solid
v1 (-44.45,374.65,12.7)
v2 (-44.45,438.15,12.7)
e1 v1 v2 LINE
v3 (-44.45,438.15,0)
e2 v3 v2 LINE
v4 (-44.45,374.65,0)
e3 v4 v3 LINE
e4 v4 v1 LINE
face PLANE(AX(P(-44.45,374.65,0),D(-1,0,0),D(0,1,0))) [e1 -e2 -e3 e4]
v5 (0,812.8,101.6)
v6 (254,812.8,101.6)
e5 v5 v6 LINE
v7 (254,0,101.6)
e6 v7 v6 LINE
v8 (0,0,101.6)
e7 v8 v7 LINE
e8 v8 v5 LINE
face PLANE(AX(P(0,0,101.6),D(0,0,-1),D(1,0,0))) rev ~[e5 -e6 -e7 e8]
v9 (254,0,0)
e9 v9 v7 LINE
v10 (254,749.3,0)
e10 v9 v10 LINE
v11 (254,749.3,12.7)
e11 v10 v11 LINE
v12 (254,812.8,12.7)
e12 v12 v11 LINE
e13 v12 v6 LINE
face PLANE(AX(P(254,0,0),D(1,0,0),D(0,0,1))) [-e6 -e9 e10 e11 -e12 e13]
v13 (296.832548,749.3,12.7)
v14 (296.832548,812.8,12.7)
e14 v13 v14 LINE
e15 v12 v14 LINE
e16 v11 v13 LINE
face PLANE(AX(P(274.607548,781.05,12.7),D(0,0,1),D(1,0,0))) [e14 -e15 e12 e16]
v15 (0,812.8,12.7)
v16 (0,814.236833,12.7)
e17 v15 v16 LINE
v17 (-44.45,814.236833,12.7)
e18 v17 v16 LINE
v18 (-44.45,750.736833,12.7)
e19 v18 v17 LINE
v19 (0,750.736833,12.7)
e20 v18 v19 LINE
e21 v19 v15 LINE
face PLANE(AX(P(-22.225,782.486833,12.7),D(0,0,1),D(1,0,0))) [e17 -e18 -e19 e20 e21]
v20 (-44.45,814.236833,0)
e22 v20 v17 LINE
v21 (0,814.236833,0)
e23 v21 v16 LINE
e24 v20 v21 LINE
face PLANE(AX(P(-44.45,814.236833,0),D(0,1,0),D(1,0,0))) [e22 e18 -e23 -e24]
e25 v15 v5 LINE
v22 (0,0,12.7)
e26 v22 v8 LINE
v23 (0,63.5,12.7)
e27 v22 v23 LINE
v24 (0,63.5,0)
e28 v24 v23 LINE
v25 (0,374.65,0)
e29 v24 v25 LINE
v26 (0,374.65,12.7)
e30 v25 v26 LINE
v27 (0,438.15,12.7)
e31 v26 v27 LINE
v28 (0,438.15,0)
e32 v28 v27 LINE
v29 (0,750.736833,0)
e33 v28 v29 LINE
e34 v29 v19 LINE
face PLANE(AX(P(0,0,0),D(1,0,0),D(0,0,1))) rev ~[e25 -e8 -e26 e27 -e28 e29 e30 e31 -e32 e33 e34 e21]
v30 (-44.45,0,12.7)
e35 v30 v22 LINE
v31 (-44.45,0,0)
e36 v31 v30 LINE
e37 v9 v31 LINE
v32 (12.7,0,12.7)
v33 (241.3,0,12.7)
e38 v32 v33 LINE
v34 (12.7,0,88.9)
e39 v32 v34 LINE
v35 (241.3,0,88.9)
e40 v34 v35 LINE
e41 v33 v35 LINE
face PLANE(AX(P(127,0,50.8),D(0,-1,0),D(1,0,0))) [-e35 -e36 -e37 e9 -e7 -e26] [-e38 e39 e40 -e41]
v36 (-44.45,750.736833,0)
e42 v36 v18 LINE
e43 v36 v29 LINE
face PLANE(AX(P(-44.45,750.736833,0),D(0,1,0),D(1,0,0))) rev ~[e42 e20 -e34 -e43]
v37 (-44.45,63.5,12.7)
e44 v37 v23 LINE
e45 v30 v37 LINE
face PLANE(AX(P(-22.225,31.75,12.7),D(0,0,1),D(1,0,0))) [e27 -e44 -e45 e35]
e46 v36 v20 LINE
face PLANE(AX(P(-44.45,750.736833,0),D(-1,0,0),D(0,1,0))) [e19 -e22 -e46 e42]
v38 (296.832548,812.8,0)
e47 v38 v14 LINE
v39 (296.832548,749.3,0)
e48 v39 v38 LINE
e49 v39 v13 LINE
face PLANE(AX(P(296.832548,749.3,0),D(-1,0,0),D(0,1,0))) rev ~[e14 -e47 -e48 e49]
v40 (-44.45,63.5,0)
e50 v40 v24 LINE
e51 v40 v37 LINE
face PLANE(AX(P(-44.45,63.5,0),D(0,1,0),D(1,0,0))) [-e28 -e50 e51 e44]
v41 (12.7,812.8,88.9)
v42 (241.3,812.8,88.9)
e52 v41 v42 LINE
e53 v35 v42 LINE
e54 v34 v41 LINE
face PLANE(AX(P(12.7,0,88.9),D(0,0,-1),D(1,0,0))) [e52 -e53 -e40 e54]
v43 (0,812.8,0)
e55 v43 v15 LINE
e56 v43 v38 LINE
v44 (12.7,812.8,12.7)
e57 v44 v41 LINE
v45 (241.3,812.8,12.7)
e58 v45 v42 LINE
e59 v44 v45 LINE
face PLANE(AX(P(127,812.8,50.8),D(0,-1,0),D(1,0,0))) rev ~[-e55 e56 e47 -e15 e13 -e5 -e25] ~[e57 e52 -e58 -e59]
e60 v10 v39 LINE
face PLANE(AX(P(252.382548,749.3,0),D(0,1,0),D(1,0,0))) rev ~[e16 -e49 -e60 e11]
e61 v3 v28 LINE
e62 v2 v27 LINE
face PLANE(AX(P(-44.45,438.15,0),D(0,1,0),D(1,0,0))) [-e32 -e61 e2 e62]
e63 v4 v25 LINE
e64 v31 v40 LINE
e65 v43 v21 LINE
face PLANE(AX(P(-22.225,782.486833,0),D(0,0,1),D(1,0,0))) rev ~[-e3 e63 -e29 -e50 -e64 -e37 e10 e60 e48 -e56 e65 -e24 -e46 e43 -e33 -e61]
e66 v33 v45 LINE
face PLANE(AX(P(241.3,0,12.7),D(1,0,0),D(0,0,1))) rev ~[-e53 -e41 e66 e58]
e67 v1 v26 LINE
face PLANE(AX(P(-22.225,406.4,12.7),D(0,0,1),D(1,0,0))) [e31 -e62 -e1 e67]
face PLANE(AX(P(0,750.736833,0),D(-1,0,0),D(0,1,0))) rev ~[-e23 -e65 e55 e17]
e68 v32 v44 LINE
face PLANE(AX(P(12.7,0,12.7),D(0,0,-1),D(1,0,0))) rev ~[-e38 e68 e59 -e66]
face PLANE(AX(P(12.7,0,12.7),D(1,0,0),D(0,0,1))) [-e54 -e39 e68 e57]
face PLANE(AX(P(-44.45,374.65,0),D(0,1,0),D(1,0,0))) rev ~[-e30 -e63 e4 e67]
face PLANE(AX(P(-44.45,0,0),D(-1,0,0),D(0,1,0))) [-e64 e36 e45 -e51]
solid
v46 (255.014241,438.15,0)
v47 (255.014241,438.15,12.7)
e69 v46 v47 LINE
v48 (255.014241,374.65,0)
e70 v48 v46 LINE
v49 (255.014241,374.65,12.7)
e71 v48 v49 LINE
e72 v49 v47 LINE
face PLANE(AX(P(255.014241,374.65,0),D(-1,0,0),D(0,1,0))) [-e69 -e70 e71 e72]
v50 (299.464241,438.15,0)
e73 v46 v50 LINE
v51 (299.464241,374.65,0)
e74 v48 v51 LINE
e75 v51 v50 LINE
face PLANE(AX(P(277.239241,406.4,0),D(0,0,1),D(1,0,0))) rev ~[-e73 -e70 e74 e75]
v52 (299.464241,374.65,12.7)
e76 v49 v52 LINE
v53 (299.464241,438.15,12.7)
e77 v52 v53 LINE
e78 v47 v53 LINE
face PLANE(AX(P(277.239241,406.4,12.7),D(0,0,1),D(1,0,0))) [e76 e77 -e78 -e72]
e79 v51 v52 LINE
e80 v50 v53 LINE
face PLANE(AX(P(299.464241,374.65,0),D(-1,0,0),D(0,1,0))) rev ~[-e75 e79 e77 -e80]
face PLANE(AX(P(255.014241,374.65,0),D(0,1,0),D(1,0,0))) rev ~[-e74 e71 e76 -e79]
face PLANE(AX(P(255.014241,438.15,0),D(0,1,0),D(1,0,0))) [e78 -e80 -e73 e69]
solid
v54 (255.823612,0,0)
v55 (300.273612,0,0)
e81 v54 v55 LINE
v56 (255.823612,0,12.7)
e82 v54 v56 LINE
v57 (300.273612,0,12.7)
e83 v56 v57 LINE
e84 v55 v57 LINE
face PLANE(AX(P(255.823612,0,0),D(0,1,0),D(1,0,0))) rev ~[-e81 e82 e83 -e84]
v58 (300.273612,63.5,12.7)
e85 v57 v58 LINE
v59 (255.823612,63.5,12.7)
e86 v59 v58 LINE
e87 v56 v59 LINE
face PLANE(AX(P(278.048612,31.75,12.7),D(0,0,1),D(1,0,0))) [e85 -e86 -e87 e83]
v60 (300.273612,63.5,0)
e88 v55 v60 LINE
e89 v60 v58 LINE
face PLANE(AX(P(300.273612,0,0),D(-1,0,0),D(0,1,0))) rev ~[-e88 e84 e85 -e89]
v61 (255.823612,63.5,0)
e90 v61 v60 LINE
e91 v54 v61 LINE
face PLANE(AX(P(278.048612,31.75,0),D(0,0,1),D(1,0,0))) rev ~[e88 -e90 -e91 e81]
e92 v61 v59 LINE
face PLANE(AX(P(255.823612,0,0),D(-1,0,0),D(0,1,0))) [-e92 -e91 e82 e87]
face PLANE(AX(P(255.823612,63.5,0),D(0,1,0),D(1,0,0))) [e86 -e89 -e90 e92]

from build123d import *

# Parameters (mm, degrees)
F0_W     = 254
F0_H     = 101.6
F0_W_2   = 228.6
F0_H_2   = 76.2
F1_DEPTH = 812.8
F2_W     = 44.45
F2_H     = 63.5
F3_DEPTH = 12.7


with BuildPart() as f1:
    # F0 (on Front) → F1 (new body)
    with BuildSketch(Plane.XZ):
        with Locations((127, 50.8)):
            Rectangle(F0_W, F0_H)
        with Locations((127, 50.8)):
            Rectangle(F0_W_2, F0_H_2, mode=Mode.SUBTRACT)
    extrude(amount=-F1_DEPTH)

    # F2 (on Top) → F3 (join)
    with BuildSketch(Plane.XY):
        with Locations((-22.225, 782.486833)):
            Rectangle(F2_W, F2_H)
        with Locations((274.607548, 781.05)):
            Rectangle(F2_W, F2_H)
        with Locations((277.239241, 406.4)):
            Rectangle(F2_W, F2_H)
        with Locations((-22.225, 406.4)):
            Rectangle(F2_W, F2_H)
        with Locations((-22.225, 31.75)):
            Rectangle(F2_W, F2_H)
        with Locations((278.048612, 31.75)):
            Rectangle(F2_W, F2_H)
    extrude(amount=F3_DEPTH)


solid = f1.part
